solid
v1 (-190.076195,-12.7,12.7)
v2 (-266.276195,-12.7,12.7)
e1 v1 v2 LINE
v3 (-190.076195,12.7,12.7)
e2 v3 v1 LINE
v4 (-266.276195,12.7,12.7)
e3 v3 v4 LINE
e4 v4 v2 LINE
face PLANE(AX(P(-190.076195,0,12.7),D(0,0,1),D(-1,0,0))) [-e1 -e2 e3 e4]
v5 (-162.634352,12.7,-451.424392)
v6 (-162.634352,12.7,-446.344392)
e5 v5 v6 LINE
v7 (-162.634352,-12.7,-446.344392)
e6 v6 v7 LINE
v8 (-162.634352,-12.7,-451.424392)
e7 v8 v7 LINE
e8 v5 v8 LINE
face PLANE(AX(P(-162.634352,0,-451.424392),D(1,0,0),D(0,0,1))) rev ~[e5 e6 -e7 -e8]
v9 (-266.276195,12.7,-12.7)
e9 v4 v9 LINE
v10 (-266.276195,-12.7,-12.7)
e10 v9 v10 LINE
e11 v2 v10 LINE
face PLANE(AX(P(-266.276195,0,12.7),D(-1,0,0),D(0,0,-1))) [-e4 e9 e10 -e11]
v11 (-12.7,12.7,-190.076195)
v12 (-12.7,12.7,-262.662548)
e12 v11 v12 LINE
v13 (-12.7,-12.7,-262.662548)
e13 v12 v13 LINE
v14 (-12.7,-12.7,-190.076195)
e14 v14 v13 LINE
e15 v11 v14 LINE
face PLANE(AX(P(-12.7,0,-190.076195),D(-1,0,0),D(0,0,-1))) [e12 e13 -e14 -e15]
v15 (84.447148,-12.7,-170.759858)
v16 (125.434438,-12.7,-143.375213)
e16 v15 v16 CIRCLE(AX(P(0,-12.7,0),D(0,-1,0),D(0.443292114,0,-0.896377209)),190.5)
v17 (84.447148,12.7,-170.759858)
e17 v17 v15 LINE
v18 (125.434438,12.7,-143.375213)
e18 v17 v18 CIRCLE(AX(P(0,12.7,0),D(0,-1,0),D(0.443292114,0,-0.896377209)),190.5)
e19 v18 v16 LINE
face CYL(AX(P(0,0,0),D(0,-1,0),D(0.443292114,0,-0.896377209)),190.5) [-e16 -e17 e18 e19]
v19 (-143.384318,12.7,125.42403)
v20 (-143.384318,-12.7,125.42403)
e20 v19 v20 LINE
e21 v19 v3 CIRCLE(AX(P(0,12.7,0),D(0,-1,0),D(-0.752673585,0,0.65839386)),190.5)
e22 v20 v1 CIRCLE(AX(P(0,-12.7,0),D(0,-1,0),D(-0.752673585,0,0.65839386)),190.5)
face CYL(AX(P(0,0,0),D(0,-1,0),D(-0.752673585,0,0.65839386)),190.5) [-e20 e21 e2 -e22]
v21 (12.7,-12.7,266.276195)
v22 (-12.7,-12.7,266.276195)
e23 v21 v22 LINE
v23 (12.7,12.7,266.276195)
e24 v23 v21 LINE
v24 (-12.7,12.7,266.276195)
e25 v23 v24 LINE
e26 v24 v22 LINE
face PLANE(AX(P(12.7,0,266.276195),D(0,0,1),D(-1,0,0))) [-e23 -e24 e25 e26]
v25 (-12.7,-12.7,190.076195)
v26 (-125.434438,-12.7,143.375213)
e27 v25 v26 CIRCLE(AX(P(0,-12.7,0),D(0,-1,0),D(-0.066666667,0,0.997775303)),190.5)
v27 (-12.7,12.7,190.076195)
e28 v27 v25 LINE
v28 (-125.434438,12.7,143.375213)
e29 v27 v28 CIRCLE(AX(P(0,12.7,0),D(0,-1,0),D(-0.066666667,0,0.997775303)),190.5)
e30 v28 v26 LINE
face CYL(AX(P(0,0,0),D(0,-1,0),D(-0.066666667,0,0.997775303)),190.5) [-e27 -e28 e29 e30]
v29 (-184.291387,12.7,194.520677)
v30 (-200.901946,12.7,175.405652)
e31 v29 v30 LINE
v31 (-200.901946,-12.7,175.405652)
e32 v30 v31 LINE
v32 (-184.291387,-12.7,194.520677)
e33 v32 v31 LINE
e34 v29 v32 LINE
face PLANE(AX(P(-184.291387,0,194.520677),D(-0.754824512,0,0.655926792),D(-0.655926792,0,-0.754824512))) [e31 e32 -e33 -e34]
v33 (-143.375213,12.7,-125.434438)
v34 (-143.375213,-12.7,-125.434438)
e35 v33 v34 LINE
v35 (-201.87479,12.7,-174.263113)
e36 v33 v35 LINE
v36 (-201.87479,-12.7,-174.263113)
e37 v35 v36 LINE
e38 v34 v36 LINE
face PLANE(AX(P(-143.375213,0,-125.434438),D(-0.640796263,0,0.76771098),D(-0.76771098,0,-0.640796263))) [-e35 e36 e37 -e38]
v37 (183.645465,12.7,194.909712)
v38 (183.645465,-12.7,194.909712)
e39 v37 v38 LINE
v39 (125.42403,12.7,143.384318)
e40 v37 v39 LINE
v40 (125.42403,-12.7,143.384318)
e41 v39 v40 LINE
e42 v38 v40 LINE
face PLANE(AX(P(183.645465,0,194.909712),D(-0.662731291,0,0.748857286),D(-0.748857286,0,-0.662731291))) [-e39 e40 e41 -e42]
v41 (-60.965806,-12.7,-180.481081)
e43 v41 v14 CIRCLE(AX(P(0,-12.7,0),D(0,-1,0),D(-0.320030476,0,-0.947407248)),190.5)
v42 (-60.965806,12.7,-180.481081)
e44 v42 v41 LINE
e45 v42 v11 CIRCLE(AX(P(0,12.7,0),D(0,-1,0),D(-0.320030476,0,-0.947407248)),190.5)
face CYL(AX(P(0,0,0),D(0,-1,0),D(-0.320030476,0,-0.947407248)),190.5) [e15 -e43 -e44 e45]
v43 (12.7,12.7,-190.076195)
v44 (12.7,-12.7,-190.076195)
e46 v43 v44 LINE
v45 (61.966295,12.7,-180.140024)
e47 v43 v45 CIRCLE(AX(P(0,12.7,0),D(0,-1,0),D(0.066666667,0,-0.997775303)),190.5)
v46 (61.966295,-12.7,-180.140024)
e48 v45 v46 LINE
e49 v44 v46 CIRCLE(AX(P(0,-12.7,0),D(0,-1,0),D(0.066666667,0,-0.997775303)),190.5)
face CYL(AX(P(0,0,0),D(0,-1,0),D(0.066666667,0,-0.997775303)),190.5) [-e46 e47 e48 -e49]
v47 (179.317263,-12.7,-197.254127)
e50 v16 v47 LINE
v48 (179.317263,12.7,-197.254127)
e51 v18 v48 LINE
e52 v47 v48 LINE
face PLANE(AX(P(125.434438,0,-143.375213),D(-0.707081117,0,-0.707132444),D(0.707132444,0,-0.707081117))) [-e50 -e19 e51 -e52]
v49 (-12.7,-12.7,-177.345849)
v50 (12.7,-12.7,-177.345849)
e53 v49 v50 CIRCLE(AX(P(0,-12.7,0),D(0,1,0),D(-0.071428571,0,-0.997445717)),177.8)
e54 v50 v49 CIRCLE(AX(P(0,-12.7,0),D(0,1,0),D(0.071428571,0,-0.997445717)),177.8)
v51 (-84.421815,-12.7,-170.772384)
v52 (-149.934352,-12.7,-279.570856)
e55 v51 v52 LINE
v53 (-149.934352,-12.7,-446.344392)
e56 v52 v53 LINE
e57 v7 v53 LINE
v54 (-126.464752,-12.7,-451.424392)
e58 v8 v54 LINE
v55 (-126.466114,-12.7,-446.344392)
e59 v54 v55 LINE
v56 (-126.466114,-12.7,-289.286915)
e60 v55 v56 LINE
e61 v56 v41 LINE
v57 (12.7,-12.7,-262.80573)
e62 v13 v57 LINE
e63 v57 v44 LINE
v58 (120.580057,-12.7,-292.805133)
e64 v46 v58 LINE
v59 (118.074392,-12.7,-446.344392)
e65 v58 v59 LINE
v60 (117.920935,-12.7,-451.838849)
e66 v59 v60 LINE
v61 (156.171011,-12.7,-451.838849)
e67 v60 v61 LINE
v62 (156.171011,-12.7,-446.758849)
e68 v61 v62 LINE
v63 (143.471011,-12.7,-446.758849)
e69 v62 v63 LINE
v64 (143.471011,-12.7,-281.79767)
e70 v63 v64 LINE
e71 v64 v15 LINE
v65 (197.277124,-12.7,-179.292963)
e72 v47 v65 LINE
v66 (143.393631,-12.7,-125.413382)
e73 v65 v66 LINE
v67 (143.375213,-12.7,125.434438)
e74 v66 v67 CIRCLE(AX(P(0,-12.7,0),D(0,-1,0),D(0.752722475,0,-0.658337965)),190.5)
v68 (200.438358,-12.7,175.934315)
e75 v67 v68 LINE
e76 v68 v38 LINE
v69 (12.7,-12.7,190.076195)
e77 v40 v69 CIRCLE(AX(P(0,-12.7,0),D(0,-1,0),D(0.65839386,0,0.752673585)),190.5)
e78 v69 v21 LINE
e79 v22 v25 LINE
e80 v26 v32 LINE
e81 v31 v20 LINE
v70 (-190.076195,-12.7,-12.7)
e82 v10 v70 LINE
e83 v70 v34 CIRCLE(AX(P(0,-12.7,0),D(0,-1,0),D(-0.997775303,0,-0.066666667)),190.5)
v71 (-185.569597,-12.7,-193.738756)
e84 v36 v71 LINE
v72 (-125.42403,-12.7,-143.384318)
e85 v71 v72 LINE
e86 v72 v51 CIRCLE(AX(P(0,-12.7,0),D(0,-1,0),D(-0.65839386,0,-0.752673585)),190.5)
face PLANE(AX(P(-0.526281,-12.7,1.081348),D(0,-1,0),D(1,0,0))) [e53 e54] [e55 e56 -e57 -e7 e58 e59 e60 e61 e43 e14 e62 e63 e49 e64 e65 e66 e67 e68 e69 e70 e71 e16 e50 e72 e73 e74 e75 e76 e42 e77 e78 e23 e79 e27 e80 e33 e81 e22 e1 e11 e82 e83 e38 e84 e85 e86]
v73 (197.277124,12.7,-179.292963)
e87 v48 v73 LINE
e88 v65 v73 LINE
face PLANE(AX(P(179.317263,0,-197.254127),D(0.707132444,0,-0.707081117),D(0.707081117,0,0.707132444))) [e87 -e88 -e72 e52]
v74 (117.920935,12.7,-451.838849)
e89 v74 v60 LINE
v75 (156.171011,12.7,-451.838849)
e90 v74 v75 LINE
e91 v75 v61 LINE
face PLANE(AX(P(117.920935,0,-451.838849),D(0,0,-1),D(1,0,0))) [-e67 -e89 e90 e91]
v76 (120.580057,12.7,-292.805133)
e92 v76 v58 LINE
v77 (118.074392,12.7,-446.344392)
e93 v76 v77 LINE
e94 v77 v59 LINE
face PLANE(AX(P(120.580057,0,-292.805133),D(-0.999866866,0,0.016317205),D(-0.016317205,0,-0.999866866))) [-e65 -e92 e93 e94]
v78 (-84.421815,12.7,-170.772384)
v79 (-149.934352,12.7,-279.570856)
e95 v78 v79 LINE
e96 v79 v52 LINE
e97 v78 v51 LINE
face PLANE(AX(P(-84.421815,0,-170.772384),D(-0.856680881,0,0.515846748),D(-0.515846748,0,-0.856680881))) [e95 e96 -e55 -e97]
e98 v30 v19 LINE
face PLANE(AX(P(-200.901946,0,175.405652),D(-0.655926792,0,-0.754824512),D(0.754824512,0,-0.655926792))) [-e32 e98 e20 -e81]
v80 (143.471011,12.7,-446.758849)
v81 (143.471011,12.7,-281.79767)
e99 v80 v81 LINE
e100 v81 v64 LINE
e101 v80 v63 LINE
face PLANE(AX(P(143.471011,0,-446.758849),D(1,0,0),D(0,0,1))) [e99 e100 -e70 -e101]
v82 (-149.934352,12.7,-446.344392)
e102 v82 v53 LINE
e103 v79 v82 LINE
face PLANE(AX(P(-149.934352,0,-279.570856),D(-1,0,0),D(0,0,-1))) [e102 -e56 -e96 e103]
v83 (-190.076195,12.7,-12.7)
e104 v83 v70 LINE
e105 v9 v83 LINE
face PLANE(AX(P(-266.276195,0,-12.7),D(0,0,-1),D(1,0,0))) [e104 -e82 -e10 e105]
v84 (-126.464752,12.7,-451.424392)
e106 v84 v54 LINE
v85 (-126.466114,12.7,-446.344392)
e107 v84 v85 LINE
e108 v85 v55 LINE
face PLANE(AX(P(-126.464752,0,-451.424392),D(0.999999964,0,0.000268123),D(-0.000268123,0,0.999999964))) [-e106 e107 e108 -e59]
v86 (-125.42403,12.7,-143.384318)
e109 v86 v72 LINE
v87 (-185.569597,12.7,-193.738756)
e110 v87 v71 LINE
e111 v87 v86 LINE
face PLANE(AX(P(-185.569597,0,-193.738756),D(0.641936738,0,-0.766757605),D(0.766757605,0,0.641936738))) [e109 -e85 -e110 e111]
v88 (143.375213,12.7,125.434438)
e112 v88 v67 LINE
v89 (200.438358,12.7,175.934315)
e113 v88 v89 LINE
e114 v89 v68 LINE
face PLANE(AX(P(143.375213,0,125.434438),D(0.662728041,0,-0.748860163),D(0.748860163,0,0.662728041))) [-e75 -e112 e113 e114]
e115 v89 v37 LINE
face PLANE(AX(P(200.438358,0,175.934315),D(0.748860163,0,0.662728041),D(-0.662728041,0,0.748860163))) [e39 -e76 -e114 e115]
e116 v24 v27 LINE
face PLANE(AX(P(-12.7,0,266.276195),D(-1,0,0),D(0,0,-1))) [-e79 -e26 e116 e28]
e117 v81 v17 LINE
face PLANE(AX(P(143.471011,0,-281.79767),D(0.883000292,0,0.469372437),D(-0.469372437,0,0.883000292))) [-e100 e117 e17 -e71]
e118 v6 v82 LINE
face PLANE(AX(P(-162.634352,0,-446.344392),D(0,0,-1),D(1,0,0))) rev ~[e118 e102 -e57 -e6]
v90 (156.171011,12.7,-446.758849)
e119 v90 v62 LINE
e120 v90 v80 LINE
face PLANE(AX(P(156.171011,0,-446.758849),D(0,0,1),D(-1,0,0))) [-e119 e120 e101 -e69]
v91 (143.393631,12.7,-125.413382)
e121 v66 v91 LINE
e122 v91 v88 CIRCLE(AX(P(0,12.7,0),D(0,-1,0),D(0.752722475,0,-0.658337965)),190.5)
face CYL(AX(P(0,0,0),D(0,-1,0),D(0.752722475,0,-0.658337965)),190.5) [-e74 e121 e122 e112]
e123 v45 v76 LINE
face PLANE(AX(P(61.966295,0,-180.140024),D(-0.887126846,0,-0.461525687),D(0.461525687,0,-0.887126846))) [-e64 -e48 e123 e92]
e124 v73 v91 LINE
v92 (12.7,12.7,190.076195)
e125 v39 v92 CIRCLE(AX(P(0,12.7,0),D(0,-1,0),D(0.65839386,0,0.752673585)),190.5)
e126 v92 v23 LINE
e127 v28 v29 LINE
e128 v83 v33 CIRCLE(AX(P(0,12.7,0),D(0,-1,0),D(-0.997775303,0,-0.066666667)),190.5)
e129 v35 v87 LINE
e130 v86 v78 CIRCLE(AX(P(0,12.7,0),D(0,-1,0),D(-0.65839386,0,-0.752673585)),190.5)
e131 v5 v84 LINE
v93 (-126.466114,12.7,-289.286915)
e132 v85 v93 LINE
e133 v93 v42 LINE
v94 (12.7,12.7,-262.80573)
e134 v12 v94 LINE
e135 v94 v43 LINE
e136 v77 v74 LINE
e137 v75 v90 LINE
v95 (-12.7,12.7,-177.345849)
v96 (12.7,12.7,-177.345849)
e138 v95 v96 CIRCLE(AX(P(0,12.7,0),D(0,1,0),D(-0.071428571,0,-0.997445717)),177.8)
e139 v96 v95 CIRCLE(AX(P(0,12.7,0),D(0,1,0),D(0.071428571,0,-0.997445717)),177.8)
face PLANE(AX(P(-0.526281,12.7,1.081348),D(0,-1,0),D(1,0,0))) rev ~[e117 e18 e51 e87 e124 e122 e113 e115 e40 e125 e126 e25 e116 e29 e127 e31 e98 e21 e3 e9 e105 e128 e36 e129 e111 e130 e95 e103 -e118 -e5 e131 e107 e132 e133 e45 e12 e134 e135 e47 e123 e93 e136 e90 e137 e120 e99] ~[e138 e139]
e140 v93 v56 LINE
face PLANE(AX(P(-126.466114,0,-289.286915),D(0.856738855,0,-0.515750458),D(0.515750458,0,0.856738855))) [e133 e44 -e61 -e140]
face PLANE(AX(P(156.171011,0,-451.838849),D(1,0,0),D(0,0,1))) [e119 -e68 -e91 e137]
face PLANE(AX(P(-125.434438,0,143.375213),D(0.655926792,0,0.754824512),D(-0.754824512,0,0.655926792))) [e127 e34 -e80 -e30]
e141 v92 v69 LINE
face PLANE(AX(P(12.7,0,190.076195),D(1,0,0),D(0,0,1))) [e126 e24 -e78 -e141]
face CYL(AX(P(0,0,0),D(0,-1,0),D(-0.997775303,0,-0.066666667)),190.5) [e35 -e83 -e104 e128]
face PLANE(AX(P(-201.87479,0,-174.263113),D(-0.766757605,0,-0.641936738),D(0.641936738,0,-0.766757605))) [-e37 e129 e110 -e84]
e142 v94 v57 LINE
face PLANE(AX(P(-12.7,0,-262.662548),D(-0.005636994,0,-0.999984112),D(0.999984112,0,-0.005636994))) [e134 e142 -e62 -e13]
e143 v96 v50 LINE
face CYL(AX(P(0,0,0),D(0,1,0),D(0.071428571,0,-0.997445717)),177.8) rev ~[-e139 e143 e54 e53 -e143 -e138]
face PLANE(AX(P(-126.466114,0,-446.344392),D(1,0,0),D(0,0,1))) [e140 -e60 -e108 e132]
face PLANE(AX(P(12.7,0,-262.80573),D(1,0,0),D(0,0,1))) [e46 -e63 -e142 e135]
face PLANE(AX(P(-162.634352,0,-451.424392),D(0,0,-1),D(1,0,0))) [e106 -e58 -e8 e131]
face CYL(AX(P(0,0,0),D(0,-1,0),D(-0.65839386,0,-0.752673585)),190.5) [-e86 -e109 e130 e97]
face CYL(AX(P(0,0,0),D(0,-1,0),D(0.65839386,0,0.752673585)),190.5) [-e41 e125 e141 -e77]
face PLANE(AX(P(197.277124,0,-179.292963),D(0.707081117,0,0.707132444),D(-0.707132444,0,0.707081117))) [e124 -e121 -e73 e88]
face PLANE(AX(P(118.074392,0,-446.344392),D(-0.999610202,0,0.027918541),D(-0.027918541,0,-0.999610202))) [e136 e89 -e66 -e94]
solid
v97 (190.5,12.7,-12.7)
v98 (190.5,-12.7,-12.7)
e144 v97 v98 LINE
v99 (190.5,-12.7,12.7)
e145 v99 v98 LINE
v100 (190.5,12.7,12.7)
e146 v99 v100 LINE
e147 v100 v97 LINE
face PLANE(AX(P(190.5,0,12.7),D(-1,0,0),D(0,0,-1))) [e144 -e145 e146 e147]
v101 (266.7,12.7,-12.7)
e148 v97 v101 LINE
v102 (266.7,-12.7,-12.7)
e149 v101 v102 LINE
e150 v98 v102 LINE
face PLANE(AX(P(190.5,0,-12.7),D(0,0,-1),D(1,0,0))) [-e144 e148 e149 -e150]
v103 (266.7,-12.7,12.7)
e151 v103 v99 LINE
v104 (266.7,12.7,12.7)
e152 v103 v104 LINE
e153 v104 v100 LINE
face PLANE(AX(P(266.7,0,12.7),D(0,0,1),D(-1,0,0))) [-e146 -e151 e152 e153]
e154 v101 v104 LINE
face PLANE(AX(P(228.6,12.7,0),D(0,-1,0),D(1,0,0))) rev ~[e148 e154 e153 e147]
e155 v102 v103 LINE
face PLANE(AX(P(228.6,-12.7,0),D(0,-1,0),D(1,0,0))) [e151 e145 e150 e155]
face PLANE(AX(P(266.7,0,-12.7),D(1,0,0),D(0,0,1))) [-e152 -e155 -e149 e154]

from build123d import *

# Parameters (mm, degrees)
F0_W     = 12.7
F0_H     = 5.08
F1_DEPTH = 12.7


with BuildPart() as f1:
    # F0 (on Front) → F1 (new body, symmetric)
    with BuildSketch(Plane.XZ):
        with BuildLine():
            ThreePointArc((143.3936314576, -125.41338229), (178.3349892655, -66.9841892066), (190.5, 0))
            ThreePointArc((190.5, 0), (178.3300705431, 66.99728308), (143.3752132273, 125.4344379827))
            Line((143.3752132273, 125.4344379827), (125.4240303362, 143.3843178811))
            ThreePointArc((125.4240303362, 143.3843178811), (72.9012674245, 175.9990204743), (12.7, 190.0761952481))
            Line((12.7, 190.0761952481), (-12.7, 190.0761952481))
            ThreePointArc((-12.7, 190.0761952481), (-72.9076550825, 175.9963744808), (-125.4344379827, 143.3752132273))
            ThreePointArc((-125.4344379827, 143.3752132273), (-134.7087306667, 134.698952788), (-143.3843178811, 125.4240303362))
            ThreePointArc((-143.3843178811, 125.4240303362), (-175.9990204743, 72.9012674245), (-190.0761952481, 12.7))
            Line((-190.0761952481, 12.7), (-190.0761952481, -12.7))
            ThreePointArc((-190.0761952481, -12.7), (-175.9963744808, -72.9076550825), (-143.3752132273, -125.4344379827))
            ThreePointArc((-143.3752132273, -125.4344379827), (-134.698952788, -134.7087306667), (-125.4240303362, -143.3843178811))
            ThreePointArc((-125.4240303362, -143.3843178811), (-105.8127885909, -158.4105544799), (-84.4218148587, -170.772384114))
            ThreePointArc((-84.4218148587, -170.772384114), (-72.855711879, -176.0178833147), (-60.9658057355, -180.4810808119))
            ThreePointArc((-60.9658057355, -180.4810808119), (-37.1440343653, -186.8437066403), (-12.7, -190.0761952481))
            Line((-12.7, -190.0761952481), (-12.7, -177.3458485559))
            ThreePointArc((-12.7, -177.3458485559), (-121.15027858, 130.1362747277), (177.8, 0))
            ThreePointArc((177.8, 0), (130.1362747277, -121.15027858), (12.7, -177.3458485559))
            Line((12.7, -177.3458485559), (12.7, -186.6057301044))
            Line((12.7, -186.6057301044), (12.7, -190.0761952481))
            ThreePointArc((12.7, -190.0761952481), (37.662259372, -186.7399373969), (61.9662951151, -180.1400240638))
            ThreePointArc((61.9662951151, -180.1400240638), (73.3568057038, -175.8096386918), (84.4471477916, -170.759858368))
            ThreePointArc((84.4471477916, -170.759858368), (105.830287296, -158.3988645504), (125.4344379827, -143.3752132273))
            ThreePointArc((125.4344379827, -143.3752132273), (134.713731937, -134.6939509689), (143.3936314576, -125.41338229))
        make_face()
        with BuildLine():
            Line((125.4240303362, 143.3843178811), (143.3752132273, 125.4344379827))
            ThreePointArc((143.3752132273, 125.4344379827), (134.698952788, 134.7087306667), (125.4240303362, 143.3843178811))
        make_face()
        with BuildLine():
            ThreePointArc((125.4240303362, 143.3843178811), (134.698952788, 134.7087306667), (143.3752132273, 125.4344379827))
            Line((143.3752132273, 125.4344379827), (200.4383576144, 175.9343147415))
            Line((200.4383576144, 175.9343147415), (183.6454654828, 194.9097121066))
            Line((183.6454654828, 194.9097121066), (125.4240303362, 143.3843178811))
        make_face()
        with BuildLine():
            Line((197.2771237242, -179.2929634052), (143.3936314576, -125.41338229))
            ThreePointArc((143.3936314576, -125.41338229), (134.713731937, -134.6939509689), (125.4344379827, -143.3752132273))
            Line((125.4344379827, -143.3752132273), (179.3172633525, -197.2541274941))
            Line((179.3172633525, -197.2541274941), (197.2771237242, -179.2929634052))
        make_face()
        with BuildLine():
            Line((-12.7, 190.0761952481), (12.7, 190.0761952481))
            ThreePointArc((12.7, 190.0761952481), (0, 190.5), (-12.7, 190.0761952481))
        make_face()
        with BuildLine():
            ThreePointArc((-12.7, 190.0761952481), (0, 190.5), (12.7, 190.0761952481))
            Line((12.7, 190.0761952481), (12.7, 266.2761952481))
            Line((12.7, 266.2761952481), (-12.7, 266.2761952481))
            Line((-12.7, 266.2761952481), (-12.7, 190.0761952481))
        make_face()
        with BuildLine():
            Line((143.4710105798, -281.7976696205), (84.4471477916, -170.759858368))
            ThreePointArc((84.4471477916, -170.759858368), (73.3568057038, -175.8096386918), (61.9662951151, -180.1400240638))
            Line((61.9662951151, -180.1400240638), (120.5800573515, -292.8051334655))
            Line((120.5800573515, -292.8051334655), (143.4710105798, -281.7976696205))
        make_face()
        Polygon((143.4710105798, -446.7588493504), (143.4710105798, -281.7976696205), (120.5800573515, -292.8051334655), (118.0743921949, -446.3443923428), align=None)
        with BuildLine():
            ThreePointArc((-143.3843178811, 125.4240303362), (-134.7087306667, 134.698952788), (-125.4344379827, 143.3752132273))
            Line((-125.4344379827, 143.3752132273), (-184.2913867656, 194.5206768664))
            Line((-184.2913867656, 194.5206768664), (-200.9019456651, 175.4056518995))
            Line((-200.9019456651, 175.4056518995), (-143.3843178811, 125.4240303362))
        make_face()
        with BuildLine():
            Line((12.7, -262.8057301044), (12.7, -190.0761952481))
            ThreePointArc((12.7, -190.0761952481), (0, -190.5), (-12.7, -190.0761952481))
            Line((-12.7, -190.0761952481), (-12.7, -262.6625481827))
            Line((-12.7, -262.6625481827), (12.7, -262.8057301044))
        make_face()
        with BuildLine():
            ThreePointArc((-12.7, -190.0761952481), (0, -190.5), (12.7, -190.0761952481))
            Line((12.7, -190.0761952481), (12.7, -186.6057301044))
            Line((12.7, -186.6057301044), (12.7, -177.3458485559))
            ThreePointArc((12.7, -177.3458485559), (0, -177.8), (-12.7, -177.3458485559))
            Line((-12.7, -177.3458485559), (-12.7, -190.0761952481))
        make_face()
        Polygon((156.1710105798, -446.7588493504), (143.4710105798, -446.7588493504), (118.0743921949, -446.3443923428), (117.920935154, -451.8388493504), (156.1710105798, -451.8388493504), align=None)
        with BuildLine():
            Line((-190.0761952481, -12.7), (-190.0761952481, 12.7))
            ThreePointArc((-190.0761952481, 12.7), (-190.5, 0), (-190.0761952481, -12.7))
        make_face()
        with BuildLine():
            ThreePointArc((-190.0761952481, -12.7), (-190.5, 0), (-190.0761952481, 12.7))
            Line((-190.0761952481, 12.7), (-266.2761952481, 12.7))
            Line((-266.2761952481, 12.7), (-266.2761952481, -12.7))
            Line((-266.2761952481, -12.7), (-190.0761952481, -12.7))
        make_face()
        with BuildLine():
            Line((-126.4661139043, -289.2869153512), (-60.9658057355, -180.4810808119))
            ThreePointArc((-60.9658057355, -180.4810808119), (-72.855711879, -176.0178833147), (-84.4218148587, -170.772384114))
            Line((-84.4218148587, -170.772384114), (-149.9343518414, -279.5708560613))
            Line((-149.9343518414, -279.5708560613), (-126.4661139043, -289.2869153512))
        make_face()
        Polygon((-126.4661139043, -446.3443923428), (-126.4661139043, -289.2869153512), (-149.9343518414, -279.5708560613), (-149.9343518414, -446.3443923428), align=None)
        with BuildLine():
            ThreePointArc((-125.4240303362, -143.3843178811), (-134.698952788, -134.7087306667), (-143.3752132273, -125.4344379827))
            Line((-143.3752132273, -125.4344379827), (-201.8747899085, -174.2631132476))
            Line((-201.8747899085, -174.2631132476), (-185.5695967745, -193.738756417))
            Line((-185.5695967745, -193.738756417), (-125.4240303362, -143.3843178811))
        make_face()
        Polygon((-126.4647518414, -451.4243923428), (-126.4661139043, -446.3443923428), (-149.9343518414, -446.3443923428), (-149.9343518414, -451.4243923428), align=None)
        with Locations((-156.2843518414, -448.8843923428)):
            Rectangle(F0_W, F0_H)
    extrude(amount=F1_DEPTH, both=True)


with BuildPart() as f1b:
    # F0 (on Front) → F1, piece 2 (new body, symmetric)
    with BuildSketch(Plane.XZ):
        Polygon((190.5, 12.7), (190.5, 0), (190.5, -12.7), (266.7, -12.7), (266.7, 12.7), align=None)
    extrude(amount=F1_DEPTH, both=True)


solid = Compound([f1.part, f1b.part])
